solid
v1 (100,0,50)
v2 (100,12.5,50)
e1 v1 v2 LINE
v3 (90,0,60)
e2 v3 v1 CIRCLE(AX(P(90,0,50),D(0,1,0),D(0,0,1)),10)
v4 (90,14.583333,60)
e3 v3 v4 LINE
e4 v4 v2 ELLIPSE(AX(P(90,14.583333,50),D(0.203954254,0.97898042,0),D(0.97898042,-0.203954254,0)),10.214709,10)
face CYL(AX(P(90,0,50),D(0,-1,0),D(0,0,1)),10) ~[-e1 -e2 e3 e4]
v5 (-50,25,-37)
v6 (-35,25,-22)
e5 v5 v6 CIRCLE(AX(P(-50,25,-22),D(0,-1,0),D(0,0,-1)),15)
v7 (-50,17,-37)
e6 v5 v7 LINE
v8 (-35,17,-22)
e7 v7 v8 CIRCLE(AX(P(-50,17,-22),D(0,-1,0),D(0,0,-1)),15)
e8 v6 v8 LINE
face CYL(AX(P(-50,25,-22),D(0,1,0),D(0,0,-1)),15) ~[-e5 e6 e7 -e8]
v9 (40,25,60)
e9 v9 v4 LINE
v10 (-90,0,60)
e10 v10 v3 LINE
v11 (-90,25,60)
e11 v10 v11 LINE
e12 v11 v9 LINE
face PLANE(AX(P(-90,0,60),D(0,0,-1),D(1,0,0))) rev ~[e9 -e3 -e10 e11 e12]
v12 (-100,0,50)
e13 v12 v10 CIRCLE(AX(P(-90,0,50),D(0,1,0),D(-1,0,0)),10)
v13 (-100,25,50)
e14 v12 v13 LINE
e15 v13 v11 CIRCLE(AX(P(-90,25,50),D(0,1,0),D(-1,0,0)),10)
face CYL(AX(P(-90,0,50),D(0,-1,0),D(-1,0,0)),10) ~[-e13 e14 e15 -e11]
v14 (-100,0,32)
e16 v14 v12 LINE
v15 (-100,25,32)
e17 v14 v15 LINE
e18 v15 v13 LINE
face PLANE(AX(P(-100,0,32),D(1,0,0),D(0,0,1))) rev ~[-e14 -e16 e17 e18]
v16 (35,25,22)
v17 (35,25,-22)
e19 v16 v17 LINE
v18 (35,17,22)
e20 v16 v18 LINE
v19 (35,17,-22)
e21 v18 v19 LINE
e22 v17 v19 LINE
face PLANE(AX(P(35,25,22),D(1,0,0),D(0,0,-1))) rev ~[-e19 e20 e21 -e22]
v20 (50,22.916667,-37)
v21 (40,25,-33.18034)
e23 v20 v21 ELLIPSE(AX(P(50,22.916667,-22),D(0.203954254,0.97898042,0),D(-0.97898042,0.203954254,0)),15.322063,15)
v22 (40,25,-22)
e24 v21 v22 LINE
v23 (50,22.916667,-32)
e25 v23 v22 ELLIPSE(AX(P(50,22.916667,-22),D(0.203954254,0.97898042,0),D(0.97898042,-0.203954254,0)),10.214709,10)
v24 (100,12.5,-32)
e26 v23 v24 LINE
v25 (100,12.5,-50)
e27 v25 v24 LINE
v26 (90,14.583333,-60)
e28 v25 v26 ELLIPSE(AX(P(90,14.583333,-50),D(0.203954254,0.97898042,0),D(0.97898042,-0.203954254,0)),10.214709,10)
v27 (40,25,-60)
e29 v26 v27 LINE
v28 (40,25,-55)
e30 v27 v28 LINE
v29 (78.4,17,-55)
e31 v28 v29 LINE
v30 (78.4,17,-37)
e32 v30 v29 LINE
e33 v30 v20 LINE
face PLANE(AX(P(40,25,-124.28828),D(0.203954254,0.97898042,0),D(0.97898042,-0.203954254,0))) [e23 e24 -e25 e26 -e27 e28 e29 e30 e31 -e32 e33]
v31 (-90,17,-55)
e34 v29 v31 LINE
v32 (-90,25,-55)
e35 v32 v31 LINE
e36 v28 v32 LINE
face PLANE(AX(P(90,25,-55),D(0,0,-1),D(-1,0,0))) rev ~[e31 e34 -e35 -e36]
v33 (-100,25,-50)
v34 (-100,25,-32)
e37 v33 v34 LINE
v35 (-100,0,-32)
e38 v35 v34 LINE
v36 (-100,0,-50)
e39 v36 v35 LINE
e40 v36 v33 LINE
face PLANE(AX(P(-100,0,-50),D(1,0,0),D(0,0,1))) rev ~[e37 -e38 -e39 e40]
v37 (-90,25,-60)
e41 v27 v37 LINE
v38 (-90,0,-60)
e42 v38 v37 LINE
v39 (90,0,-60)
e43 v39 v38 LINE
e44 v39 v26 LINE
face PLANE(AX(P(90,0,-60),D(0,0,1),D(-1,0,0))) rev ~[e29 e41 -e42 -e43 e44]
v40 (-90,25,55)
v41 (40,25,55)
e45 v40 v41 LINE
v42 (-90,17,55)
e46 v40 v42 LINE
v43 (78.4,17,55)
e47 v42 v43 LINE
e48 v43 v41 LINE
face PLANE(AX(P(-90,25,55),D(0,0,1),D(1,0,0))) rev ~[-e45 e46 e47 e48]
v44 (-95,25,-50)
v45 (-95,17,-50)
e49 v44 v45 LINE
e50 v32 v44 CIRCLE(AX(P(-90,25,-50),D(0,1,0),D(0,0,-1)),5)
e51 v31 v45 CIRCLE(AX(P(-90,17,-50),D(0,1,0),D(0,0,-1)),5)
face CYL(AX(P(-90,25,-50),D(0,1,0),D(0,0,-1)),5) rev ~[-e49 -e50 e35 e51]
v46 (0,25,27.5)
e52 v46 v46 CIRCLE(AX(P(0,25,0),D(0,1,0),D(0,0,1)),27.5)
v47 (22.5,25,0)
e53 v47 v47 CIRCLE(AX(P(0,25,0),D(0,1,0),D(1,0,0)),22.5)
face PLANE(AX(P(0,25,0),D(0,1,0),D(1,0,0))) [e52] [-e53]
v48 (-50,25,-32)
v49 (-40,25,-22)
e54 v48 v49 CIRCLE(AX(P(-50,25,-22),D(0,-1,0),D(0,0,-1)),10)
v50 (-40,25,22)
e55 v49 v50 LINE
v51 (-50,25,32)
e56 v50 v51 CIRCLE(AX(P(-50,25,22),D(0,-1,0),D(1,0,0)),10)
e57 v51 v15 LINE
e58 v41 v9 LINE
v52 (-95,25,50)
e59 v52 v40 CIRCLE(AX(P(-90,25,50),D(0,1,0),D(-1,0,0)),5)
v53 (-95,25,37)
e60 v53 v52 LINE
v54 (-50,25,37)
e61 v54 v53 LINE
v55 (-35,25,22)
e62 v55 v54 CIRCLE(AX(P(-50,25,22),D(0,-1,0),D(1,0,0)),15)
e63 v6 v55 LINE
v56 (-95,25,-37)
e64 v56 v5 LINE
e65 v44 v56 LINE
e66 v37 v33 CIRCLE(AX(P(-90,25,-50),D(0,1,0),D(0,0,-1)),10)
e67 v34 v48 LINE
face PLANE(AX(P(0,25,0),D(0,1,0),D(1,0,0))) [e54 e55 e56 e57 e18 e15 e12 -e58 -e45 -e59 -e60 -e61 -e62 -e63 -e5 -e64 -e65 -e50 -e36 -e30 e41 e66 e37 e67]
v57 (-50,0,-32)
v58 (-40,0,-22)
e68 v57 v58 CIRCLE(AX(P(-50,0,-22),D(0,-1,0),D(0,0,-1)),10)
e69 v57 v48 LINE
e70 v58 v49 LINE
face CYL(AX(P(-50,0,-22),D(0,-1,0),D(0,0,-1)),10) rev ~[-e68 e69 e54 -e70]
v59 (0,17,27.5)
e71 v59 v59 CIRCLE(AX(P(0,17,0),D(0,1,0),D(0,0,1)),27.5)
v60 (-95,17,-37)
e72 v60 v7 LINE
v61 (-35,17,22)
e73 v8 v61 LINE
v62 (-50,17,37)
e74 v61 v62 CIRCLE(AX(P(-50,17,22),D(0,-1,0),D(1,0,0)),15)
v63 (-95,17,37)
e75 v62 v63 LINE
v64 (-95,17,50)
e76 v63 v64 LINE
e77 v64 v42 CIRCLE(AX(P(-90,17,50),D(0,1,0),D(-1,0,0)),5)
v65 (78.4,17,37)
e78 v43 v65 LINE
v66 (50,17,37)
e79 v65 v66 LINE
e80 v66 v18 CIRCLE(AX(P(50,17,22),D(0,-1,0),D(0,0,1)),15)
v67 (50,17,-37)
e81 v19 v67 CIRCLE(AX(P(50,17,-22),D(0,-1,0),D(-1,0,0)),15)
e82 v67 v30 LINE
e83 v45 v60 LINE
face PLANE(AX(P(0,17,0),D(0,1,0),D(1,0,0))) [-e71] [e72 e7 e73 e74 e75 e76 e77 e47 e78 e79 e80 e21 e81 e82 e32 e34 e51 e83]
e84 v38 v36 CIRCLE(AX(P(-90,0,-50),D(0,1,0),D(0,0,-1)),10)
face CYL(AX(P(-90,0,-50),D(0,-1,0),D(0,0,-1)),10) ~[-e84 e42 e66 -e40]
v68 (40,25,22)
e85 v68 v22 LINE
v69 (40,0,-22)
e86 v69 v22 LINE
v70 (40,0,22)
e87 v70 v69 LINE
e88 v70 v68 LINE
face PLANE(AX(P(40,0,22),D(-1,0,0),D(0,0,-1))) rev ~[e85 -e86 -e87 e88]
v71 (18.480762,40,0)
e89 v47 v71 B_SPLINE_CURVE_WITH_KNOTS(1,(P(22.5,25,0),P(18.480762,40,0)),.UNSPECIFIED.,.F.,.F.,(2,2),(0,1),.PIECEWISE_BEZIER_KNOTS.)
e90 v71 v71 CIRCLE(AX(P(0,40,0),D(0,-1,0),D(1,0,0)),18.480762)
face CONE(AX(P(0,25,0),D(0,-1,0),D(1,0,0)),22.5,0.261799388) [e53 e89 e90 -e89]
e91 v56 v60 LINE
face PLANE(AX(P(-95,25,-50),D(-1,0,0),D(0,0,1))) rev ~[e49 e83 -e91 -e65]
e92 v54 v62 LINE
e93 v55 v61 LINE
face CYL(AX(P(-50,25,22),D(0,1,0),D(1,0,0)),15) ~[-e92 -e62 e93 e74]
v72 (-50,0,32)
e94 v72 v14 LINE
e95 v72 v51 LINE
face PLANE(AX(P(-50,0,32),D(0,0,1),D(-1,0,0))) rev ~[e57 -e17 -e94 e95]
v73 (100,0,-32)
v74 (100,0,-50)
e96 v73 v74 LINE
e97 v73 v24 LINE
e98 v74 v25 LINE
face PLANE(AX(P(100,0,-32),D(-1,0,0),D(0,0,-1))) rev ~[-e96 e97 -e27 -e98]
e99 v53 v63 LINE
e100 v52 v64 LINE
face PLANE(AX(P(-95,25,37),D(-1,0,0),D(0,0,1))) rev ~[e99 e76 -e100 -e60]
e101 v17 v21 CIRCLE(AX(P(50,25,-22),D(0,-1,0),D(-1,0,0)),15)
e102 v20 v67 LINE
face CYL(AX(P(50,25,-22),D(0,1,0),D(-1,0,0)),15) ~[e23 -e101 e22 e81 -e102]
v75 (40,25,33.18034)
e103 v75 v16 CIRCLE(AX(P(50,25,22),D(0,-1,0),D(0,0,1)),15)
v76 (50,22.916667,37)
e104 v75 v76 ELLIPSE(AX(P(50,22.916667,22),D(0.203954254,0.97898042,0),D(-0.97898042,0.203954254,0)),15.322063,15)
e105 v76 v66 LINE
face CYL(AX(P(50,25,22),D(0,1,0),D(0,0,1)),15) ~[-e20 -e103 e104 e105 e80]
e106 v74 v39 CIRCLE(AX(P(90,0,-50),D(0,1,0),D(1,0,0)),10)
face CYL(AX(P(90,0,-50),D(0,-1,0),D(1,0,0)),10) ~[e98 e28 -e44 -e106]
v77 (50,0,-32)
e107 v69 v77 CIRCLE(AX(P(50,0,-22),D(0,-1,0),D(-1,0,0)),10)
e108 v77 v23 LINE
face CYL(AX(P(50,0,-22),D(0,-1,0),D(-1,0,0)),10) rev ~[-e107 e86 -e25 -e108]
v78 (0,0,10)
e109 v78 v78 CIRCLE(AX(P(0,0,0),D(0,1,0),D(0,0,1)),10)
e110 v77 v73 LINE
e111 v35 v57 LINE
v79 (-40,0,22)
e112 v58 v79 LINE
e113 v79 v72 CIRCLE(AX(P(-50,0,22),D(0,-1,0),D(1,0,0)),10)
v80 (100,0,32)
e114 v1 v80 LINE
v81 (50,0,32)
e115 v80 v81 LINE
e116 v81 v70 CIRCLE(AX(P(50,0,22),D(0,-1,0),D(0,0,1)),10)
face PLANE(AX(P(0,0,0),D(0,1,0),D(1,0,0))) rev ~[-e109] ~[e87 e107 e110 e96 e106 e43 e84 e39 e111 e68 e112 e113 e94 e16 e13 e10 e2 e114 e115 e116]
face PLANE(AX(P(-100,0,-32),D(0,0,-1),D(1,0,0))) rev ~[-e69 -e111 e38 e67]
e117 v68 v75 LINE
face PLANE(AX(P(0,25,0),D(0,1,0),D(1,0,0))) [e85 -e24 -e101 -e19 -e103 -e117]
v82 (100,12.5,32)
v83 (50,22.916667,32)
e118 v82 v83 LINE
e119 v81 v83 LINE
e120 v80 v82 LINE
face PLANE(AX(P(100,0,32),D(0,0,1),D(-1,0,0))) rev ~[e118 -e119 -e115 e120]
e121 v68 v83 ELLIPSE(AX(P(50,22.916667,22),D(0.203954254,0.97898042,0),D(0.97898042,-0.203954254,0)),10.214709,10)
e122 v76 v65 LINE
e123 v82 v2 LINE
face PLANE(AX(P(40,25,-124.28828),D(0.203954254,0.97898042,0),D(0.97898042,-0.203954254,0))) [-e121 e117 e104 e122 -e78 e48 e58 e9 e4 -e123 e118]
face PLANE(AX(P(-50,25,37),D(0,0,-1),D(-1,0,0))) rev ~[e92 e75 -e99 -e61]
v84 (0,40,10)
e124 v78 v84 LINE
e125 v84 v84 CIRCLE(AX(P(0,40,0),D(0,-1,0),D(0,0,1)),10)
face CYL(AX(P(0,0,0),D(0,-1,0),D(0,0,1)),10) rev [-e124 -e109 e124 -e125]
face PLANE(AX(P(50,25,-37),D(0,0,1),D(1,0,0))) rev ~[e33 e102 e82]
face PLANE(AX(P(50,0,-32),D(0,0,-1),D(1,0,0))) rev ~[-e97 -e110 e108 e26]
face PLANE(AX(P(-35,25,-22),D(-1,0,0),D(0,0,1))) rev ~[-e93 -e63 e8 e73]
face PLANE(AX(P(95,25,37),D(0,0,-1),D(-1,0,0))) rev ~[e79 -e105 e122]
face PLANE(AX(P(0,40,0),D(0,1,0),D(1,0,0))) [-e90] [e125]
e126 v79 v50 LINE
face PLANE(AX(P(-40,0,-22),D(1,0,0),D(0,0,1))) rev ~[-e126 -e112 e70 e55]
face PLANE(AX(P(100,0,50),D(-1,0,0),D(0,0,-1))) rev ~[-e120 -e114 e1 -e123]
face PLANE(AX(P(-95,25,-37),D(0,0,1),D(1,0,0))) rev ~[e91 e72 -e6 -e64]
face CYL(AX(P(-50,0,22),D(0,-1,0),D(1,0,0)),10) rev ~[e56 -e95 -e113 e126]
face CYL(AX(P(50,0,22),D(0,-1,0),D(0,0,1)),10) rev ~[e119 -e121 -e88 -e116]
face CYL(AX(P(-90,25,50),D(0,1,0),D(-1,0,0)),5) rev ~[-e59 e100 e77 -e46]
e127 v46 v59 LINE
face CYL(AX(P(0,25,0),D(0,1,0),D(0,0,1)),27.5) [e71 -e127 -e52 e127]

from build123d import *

# Parameters (mm, degrees)
BOSS_EXTRUDE1_DEPTH     = 25
BOSS_EXTRUDE2_START     = 25
SKETCH1_3_R             = 22.5
BOSS_EXTRUDE2_DEPTH     = 15
BOSS_EXTRUDE2_TAPER     = 15
SKETCH4_R               = 27.5
CUT_EXTRUDE3_DEPTH      = 8
SKETCH1_4_R             = 10
CUT_EXTRUDE1_DEPTH      = 124.288280092
CUT_EXTRUDE2_DEPTH      = 124.288280092
CUT_EXTRUDE2_DEPTH_BACK = 124.288280092


with BuildPart() as part:
    # Sketch1 → Boss-Extrude1 (new body)
    with BuildSketch(Plane(origin=(0, 0, 0), x_dir=(1, 0, 0), z_dir=(0, 1, 0))):
        with BuildLine():
            Line((-90, -60), (90, -60))
            ThreePointArc((90, -60), (97.071067812, -57.071067812), (100, -50))
            Line((100, -50), (100, -32))
            Line((100, -32), (50, -32))
            ThreePointArc((50, -32), (42.928932188, -29.071067812), (40, -22))
            Line((40, -22), (40, 22))
            ThreePointArc((40, 22), (42.928932188, 29.071067812), (50, 32))
            Line((50, 32), (100, 32))
            Line((100, 32), (100, 50))
            ThreePointArc((100, 50), (97.071067812, 57.071067812), (90, 60))
            Line((90, 60), (-90, 60))
            ThreePointArc((-90, 60), (-97.071067812, 57.071067812), (-100, 50))
            Line((-100, 50), (-100, 32))
            Line((-100, 32), (-50, 32))
            ThreePointArc((-50, 32), (-42.928932188, 29.071067812), (-40, 22))
            Line((-40, 22), (-40, -22))
            ThreePointArc((-40, -22), (-42.928932188, -29.071067812), (-50, -32))
            Line((-50, -32), (-100, -32))
            Line((-100, -32), (-100, -50))
            ThreePointArc((-100, -50), (-97.071067812, -57.071067812), (-90, -60))
        make_face()
    extrude(amount=BOSS_EXTRUDE1_DEPTH)

    # Sketch1<3> → Boss-Extrude2 (add)
    with BuildSketch(Plane(origin=(0, 0, 0), x_dir=(1, 0, 0), z_dir=(0, 1, 0)).offset(BOSS_EXTRUDE2_START)):
        Circle(SKETCH1_3_R)
    extrude(amount=BOSS_EXTRUDE2_DEPTH, taper=BOSS_EXTRUDE2_TAPER)

    # Sketch4 → Cut-Extrude3 (cut)
    with BuildSketch(Plane(origin=(0, 25, 0), x_dir=(1, 0, 0), z_dir=(0, 1, 0))):
        with BuildLine():
            Line((-95, 50), (-95, 37))
            Line((-95, 37), (-50, 37))
            ThreePointArc((-50, 37), (-39.393398282, 32.606601718), (-35, 22))
            Line((-35, 22), (-35, -22))
            ThreePointArc((-35, -22), (-39.393398282, -32.606601718), (-50, -37))
            Line((-50, -37), (-95, -37))
            Line((-95, -37), (-95, -50))
            ThreePointArc((-95, -50), (-93.535533906, -53.535533906), (-90, -55))
            Line((-90, -55), (90, -55))
            ThreePointArc((90, -55), (93.535533906, -53.535533906), (95, -50))
            Line((95, -50), (95, -37))
            Line((95, -37), (50, -37))
            ThreePointArc((50, -37), (39.393398282, -32.606601718), (35, -22))
            Line((35, -22), (35, 22))
            ThreePointArc((35, 22), (39.393398282, 32.606601718), (50, 37))
            Line((50, 37), (95, 37))
            Line((95, 37), (95, 50))
            ThreePointArc((95, 50), (93.535533906, 53.535533906), (90, 55))
            Line((90, 55), (-90, 55))
            ThreePointArc((-90, 55), (-93.535533906, 53.535533906), (-95, 50))
        make_face()
        with Locations(Location((0, 0, 0), (0, 0, 270))):
            Circle(SKETCH4_R, mode=Mode.SUBTRACT)
    extrude(amount=-CUT_EXTRUDE3_DEPTH, mode=Mode.SUBTRACT)

    # Sketch1<4> → Cut-Extrude1 (cut, through all)
    with BuildSketch(Plane(origin=(0, 0, 0), x_dir=(1, 0, 0), z_dir=(0, 1, 0))):
        with Locations(Location((0, 0, 0), (0, 0, 270))):
            Circle(SKETCH1_4_R)
    extrude(amount=CUT_EXTRUDE1_DEPTH, mode=Mode.SUBTRACT)

    # Sketch3 → Cut-Extrude2 (cut, two sides: drawn at the far end of the back side and taken through both)
    with BuildSketch(Plane.XY.offset(-CUT_EXTRUDE2_DEPTH_BACK)):
        Polygon((40, 25), (100, 12.5), (100, 25), align=None)
    extrude(amount=CUT_EXTRUDE2_DEPTH + CUT_EXTRUDE2_DEPTH_BACK, mode=Mode.SUBTRACT)


solid = part.part
